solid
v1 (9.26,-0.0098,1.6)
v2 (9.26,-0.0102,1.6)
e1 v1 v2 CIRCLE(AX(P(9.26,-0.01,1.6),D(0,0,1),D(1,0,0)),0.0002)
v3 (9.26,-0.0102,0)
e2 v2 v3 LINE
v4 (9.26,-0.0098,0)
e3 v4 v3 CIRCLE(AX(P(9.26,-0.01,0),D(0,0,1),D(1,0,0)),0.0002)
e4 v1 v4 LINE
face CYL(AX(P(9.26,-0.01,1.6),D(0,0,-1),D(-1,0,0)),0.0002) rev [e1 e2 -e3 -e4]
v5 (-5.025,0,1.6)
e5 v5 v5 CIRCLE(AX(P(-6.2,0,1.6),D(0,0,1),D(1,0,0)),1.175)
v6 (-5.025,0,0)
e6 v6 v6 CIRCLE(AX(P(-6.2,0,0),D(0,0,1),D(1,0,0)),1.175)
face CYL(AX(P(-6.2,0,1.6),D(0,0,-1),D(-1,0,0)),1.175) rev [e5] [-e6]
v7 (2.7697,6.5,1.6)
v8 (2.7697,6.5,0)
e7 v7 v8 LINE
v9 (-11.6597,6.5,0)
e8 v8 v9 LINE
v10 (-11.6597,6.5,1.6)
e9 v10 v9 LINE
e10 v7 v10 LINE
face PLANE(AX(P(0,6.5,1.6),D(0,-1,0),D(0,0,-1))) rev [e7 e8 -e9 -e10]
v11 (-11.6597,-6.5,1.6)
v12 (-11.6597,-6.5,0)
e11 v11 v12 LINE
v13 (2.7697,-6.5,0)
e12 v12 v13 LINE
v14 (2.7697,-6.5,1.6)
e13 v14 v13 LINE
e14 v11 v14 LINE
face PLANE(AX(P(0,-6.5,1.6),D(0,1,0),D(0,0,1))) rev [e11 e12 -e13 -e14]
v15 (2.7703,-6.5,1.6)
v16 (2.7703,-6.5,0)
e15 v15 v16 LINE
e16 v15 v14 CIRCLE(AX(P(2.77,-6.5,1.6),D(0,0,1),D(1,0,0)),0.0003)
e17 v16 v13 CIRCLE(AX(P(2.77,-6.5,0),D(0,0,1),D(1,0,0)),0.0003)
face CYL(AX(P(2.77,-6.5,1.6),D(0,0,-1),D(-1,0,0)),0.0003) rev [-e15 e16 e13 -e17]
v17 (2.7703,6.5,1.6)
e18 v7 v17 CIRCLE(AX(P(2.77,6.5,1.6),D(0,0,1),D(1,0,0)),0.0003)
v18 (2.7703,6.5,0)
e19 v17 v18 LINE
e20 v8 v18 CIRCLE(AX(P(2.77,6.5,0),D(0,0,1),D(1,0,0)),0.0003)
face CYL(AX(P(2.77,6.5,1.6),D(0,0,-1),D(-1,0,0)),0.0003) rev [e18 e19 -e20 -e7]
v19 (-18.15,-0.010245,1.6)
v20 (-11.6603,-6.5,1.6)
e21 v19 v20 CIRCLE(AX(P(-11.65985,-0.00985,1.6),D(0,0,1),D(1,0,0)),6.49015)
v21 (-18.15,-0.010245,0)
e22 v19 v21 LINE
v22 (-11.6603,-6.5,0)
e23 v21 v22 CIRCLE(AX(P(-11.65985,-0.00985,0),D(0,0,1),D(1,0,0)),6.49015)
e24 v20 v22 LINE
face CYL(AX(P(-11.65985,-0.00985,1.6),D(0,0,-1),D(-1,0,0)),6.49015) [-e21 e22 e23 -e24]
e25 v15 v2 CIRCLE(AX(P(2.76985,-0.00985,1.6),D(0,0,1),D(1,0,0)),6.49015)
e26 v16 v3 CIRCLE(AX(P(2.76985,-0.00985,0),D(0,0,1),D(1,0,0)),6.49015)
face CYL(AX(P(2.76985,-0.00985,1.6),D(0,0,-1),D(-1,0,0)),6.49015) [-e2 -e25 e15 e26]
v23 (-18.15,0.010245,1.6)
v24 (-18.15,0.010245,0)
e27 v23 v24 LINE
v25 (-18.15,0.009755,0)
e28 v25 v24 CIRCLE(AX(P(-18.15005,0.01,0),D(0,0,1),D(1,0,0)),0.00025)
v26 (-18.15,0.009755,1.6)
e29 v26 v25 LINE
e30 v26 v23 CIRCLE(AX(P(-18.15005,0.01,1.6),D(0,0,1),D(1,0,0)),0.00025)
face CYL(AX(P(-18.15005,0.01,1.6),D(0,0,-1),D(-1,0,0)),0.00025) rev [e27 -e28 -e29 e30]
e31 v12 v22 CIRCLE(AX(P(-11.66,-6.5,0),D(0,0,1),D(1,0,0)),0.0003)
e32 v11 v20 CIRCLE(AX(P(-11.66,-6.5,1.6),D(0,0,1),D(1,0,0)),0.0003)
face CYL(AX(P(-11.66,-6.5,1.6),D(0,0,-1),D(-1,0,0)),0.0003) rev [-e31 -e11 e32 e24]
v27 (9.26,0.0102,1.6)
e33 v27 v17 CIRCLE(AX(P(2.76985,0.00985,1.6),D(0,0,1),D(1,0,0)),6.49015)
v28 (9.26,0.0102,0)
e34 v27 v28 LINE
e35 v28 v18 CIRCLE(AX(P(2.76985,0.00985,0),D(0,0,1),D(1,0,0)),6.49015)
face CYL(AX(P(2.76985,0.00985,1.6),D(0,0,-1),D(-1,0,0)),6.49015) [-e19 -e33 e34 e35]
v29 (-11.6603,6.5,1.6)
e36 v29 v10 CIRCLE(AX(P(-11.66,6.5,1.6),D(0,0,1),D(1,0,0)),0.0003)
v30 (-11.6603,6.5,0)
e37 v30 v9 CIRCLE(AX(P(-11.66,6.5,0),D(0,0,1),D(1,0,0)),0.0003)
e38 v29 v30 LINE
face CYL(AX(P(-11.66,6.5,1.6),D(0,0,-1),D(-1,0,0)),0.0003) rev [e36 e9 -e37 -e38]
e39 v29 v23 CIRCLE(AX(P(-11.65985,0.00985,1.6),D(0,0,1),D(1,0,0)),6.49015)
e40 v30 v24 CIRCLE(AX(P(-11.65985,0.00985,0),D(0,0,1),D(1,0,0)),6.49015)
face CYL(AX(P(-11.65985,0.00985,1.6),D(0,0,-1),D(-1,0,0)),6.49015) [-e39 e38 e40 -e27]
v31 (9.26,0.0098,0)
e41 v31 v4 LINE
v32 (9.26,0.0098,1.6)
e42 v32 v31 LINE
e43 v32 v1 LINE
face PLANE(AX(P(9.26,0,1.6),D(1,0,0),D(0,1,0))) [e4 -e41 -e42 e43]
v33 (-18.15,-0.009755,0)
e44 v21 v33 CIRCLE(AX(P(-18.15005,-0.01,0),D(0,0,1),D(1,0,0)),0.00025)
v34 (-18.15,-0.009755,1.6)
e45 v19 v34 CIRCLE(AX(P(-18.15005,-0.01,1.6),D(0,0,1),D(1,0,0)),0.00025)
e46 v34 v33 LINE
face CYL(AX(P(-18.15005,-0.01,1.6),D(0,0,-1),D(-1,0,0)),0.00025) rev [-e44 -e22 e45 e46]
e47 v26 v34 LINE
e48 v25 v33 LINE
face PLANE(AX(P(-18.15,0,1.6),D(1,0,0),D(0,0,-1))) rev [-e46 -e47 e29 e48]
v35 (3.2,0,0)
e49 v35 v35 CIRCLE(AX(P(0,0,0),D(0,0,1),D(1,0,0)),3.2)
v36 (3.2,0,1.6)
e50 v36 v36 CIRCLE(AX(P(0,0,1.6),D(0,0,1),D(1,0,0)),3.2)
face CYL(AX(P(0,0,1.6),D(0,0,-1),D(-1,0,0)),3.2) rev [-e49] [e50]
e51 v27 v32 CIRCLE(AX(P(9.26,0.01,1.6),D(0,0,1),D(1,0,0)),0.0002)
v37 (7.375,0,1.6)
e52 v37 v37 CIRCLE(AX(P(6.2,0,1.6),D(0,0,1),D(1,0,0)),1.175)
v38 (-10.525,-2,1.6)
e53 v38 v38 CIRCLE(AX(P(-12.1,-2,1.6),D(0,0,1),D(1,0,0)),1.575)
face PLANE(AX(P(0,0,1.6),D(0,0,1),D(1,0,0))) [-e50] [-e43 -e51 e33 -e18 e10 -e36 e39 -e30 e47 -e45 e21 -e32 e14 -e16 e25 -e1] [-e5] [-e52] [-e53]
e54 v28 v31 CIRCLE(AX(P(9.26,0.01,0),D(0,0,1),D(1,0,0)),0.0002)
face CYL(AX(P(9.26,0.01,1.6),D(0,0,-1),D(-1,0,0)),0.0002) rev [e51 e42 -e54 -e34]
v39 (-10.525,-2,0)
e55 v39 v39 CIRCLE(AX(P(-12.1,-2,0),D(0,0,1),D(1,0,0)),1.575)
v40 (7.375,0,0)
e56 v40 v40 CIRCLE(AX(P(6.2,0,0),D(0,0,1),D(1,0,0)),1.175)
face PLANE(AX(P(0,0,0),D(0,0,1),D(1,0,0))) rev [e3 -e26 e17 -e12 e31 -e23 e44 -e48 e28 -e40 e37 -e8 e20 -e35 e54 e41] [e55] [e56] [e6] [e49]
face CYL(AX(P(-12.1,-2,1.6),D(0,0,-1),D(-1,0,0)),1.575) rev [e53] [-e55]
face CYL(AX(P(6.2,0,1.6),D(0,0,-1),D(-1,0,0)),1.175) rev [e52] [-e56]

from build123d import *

# Parameters (mm, degrees)
MODEL_R                 = 0.0003
MODEL_R_2               = 0.0002
MODEL_R_3               = 0.00025
MODEL_R_4               = 1.175
MODEL_R_5               = 3.2
MODEL_R_6               = 1.575
SALIENTE_EXTRUIR1_DEPTH = 1.6


with BuildPart() as part:
    # Model → Saliente-Extruir1 (new body)
    # profile 1 of 9: a face of its own
    with BuildSketch(Plane.XY):
        with Locations((-11.66, -6.5)):
            Circle(MODEL_R)
    # profile 2 of 9: a face of its own
    with BuildSketch(Plane.XY):
        with Locations((2.77, -6.5)):
            Circle(MODEL_R)
    # profile 3 of 9: a face of its own
    with BuildSketch(Plane.XY):
        with Locations((9.26, -0.01)):
            Circle(MODEL_R_2)
    # profile 4 of 9: a face of its own
    with BuildSketch(Plane.XY):
        with Locations((9.26, 0.01)):
            Circle(MODEL_R_2)
    # profile 5 of 9: a face of its own
    with BuildSketch(Plane.XY):
        with Locations((2.77, 6.5)):
            Circle(MODEL_R)
    # profile 6 of 9: a face of its own
    with BuildSketch(Plane.XY):
        with Locations((-11.66, 6.5)):
            Circle(MODEL_R)
    # profile 7 of 9: a face of its own
    with BuildSketch(Plane.XY):
        with Locations((-18.15005, 0.01)):
            Circle(MODEL_R_3)
    # profile 8 of 9: a face of its own
    with BuildSketch(Plane.XY):
        with Locations((-18.15005, -0.01)):
            Circle(MODEL_R_3)
    # profile 9 of 9: a face of its own
    with BuildSketch(Plane.XY):
        with BuildLine():
            Line((-11.66, -6.5), (2.77, -6.5))
            ThreePointArc((2.77, -6.5), (7.359079, -4.599079), (9.26, -0.01))
            Line((9.26, -0.01), (9.26, 0.01))
            ThreePointArc((9.26, 0.01), (7.359079, 4.599079), (2.77, 6.5))
            Line((2.77, 6.5), (-11.66, 6.5))
            ThreePointArc((-11.66, 6.5), (-16.249079, 4.599079), (-18.15, 0.01))
            Line((-18.15, 0.01), (-18.15, -0.01))
            ThreePointArc((-18.15, -0.01), (-16.249079, -4.599079), (-11.66, -6.5))
        make_face()
        with Locations((6.2, 0)):
            Circle(MODEL_R_4, mode=Mode.SUBTRACT)
        with Locations((-6.2, 0)):
            Circle(MODEL_R_4, mode=Mode.SUBTRACT)
        Circle(MODEL_R_5, mode=Mode.SUBTRACT)
        with Locations((-12.1, -2)):
            Circle(MODEL_R_6, mode=Mode.SUBTRACT)
    extrude(amount=SALIENTE_EXTRUIR1_DEPTH)


solid = part.part
